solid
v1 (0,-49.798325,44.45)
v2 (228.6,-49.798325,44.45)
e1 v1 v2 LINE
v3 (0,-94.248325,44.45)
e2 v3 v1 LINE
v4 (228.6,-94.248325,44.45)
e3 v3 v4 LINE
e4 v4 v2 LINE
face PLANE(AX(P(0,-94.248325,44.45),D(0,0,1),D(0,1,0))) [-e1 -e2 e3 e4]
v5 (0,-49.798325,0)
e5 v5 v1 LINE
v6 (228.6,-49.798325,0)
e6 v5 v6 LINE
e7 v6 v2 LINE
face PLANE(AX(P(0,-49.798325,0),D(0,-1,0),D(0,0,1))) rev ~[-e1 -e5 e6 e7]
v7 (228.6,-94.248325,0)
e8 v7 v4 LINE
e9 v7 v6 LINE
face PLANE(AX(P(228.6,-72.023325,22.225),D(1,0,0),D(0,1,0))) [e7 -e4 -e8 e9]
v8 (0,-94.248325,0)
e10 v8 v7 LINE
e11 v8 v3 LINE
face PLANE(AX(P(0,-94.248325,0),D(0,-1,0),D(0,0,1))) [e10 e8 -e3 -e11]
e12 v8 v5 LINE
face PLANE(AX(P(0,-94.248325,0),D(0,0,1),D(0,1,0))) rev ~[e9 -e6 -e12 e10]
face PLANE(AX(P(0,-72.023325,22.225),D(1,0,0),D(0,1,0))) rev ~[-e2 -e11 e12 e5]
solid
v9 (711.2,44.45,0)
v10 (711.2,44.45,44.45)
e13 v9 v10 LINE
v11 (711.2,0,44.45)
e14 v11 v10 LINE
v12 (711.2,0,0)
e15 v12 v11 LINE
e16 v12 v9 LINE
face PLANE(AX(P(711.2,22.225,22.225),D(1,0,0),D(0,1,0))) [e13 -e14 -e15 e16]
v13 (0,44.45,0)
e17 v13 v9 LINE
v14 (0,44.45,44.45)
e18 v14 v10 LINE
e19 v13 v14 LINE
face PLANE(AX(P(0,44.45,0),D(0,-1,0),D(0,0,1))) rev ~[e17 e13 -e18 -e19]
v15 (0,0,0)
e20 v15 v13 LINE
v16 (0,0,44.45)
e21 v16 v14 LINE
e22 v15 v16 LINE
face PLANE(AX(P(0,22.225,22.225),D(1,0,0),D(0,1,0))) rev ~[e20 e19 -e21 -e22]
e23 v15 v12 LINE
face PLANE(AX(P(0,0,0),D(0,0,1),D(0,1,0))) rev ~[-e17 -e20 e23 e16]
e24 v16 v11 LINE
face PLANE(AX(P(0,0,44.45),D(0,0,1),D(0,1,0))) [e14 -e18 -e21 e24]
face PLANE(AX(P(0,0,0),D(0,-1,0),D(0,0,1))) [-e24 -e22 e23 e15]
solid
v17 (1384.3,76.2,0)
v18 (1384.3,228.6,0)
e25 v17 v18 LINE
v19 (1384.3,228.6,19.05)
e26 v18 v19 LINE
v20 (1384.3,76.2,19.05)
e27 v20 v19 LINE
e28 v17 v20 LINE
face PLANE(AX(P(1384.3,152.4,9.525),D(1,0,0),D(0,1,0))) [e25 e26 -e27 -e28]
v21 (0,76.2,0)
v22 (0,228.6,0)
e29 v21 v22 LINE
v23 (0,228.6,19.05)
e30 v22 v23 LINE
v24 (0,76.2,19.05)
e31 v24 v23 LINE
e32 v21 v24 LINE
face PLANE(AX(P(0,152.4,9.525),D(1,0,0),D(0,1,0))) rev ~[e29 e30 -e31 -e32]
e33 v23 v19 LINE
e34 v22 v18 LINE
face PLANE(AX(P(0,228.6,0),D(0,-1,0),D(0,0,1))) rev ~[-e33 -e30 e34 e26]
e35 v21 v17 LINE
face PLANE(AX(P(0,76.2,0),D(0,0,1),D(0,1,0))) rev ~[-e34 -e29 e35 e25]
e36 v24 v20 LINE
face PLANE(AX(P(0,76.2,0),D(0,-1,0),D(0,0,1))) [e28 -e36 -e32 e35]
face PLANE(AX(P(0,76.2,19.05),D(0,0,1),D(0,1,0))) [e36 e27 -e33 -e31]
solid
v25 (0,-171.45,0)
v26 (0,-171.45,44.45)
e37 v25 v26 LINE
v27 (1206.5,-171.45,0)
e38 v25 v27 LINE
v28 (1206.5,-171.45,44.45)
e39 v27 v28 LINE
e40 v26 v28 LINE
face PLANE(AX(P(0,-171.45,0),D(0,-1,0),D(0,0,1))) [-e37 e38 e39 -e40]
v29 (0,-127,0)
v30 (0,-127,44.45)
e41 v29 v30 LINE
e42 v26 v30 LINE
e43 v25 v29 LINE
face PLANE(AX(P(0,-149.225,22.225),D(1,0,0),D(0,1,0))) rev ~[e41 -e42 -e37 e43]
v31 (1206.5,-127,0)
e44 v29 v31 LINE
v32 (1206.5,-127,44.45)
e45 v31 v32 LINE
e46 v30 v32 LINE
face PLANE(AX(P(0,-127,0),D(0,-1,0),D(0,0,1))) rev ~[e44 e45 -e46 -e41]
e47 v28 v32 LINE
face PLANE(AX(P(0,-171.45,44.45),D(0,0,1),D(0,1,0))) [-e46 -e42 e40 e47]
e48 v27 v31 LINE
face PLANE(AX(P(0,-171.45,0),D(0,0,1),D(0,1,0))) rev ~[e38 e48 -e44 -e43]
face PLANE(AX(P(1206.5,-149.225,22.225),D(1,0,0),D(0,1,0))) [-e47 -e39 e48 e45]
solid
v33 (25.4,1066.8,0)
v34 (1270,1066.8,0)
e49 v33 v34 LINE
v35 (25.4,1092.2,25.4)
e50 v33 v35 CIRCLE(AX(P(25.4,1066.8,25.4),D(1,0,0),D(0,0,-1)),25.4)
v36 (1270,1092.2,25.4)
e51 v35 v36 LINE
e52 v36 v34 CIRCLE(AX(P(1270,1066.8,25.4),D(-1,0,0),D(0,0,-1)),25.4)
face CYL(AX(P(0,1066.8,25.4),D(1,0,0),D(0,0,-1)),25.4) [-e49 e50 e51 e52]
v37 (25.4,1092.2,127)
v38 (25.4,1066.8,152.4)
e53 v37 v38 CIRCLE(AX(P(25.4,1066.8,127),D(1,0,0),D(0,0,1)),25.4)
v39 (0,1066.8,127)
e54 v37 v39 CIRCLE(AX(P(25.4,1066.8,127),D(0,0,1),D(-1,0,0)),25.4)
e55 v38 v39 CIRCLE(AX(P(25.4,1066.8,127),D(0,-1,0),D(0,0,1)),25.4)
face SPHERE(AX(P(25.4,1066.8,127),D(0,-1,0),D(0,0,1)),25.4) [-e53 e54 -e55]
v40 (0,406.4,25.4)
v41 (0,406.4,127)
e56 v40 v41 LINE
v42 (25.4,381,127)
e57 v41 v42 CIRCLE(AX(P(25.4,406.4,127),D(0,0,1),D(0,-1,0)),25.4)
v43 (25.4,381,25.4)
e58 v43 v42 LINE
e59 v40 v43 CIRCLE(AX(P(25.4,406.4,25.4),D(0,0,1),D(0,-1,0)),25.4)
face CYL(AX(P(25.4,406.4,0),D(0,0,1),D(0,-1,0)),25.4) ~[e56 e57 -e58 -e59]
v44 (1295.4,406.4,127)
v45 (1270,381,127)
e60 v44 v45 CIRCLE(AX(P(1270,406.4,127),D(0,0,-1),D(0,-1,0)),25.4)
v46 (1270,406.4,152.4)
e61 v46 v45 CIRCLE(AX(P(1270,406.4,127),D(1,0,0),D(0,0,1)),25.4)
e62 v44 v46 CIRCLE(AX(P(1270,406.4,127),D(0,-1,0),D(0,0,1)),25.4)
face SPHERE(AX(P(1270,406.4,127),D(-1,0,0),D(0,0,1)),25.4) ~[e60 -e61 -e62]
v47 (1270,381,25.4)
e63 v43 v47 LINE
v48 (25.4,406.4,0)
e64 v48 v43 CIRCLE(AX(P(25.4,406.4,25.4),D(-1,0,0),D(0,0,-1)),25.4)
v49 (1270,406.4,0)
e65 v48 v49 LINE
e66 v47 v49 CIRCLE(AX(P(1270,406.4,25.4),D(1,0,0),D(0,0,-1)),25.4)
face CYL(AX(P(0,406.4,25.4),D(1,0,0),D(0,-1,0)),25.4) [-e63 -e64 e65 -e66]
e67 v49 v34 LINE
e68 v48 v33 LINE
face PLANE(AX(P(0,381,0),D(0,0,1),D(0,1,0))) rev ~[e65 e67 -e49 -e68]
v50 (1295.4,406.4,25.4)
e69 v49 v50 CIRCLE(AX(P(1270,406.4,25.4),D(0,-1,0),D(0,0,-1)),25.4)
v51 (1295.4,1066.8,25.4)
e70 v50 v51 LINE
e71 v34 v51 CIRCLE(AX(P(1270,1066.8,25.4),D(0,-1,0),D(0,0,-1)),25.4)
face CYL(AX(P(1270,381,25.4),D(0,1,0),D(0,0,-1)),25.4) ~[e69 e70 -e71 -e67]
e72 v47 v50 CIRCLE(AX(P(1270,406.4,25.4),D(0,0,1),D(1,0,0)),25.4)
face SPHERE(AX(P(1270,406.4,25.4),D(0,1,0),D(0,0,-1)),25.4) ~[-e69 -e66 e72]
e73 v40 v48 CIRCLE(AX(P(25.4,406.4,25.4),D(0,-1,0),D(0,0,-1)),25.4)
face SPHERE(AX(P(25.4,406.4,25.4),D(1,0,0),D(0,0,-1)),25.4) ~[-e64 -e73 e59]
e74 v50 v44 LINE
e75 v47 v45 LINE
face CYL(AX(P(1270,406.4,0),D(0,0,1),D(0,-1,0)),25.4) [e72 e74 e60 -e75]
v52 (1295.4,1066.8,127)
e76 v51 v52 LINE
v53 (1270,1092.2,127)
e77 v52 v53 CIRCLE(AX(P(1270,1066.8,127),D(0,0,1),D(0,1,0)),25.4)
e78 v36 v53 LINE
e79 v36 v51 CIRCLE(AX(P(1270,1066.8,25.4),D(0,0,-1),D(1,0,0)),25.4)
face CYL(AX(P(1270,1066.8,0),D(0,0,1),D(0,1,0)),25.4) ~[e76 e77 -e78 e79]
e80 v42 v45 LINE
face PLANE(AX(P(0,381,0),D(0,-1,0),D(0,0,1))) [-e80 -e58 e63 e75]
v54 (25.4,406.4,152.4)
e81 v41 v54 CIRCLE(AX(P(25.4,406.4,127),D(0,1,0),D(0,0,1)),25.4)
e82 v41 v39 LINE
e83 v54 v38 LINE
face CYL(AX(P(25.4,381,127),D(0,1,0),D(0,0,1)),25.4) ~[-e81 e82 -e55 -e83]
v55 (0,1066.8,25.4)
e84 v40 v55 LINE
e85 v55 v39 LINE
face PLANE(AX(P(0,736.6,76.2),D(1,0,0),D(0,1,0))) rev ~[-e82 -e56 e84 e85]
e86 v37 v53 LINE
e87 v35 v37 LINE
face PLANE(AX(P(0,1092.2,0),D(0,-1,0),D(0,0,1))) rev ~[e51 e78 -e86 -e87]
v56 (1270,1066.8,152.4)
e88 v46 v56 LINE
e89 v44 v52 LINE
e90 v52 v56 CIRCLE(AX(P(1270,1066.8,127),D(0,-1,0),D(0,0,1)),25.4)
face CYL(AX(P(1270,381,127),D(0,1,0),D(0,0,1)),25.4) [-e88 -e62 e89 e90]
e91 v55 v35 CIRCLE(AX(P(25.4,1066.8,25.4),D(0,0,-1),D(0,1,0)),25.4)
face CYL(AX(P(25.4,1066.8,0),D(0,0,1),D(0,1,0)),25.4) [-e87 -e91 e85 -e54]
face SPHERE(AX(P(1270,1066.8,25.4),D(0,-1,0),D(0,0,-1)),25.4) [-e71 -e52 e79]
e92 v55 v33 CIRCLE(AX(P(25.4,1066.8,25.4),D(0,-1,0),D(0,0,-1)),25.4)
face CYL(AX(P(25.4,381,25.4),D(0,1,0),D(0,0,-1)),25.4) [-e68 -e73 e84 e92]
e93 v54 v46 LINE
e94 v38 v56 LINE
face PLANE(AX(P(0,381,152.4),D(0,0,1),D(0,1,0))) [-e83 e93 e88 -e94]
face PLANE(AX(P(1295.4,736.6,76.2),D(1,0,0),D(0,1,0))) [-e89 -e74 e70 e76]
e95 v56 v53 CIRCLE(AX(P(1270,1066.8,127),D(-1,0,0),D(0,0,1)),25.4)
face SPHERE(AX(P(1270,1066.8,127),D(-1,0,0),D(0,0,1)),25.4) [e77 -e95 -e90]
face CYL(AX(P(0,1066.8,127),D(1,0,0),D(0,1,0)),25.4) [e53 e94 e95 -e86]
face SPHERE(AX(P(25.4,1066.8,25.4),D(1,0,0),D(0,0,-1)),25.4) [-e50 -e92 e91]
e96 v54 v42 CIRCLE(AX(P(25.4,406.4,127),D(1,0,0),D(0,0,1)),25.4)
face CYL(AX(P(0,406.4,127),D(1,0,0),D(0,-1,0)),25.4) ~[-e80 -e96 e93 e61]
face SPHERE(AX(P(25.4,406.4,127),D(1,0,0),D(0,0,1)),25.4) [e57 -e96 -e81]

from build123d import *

# Parameters (mm, degrees)
F0_W      = 44.45
F0_H      = 44.45
F1_DEPTH  = 711.2
F3_W      = 44.45
F3_H      = 44.45
F4_DEPTH  = 228.6
F6_W      = 152.4
F6_H      = 19.05
F7_DEPTH  = 1384.3
F8_W      = 44.45
F8_H      = 44.45
F9_DEPTH  = 1206.5
F10_W     = 711.2
F10_H     = 152.4
F11_DEPTH = 1295.4
F12_R     = 25.4


with BuildPart() as f1:
    # F0 (on Right) → F1 (new body)
    with BuildSketch(Plane.YZ):
        with Locations((22.225, 22.225)):
            Rectangle(F0_W, F0_H)
    extrude(amount=F1_DEPTH)


with BuildPart() as f2_1:
    # F2: copy of F1
    add(f1.part)


with BuildPart() as f4:
    # F3 (on Right) → F4 (new body)
    with BuildSketch(Plane.YZ):
        with Locations((-72.023325, 22.225)):
            Rectangle(F3_W, F3_H)
    extrude(amount=F4_DEPTH)


with BuildPart() as f7:
    # F6 (on Right) → F7 (new body)
    with BuildSketch(Plane.YZ):
        with Locations((152.4, 9.525)):
            Rectangle(F6_W, F6_H)
    extrude(amount=F7_DEPTH)


with BuildPart() as f9:
    # F8 (on Right) → F9 (new body)
    with BuildSketch(Plane.YZ):
        with Locations((-149.225, 22.225)):
            Rectangle(F8_W, F8_H)
    extrude(amount=F9_DEPTH)


with BuildPart() as f11:
    # F10 (on Right) → F11 (new body)
    with BuildSketch(Plane.YZ):
        with Locations((736.6, 76.2)):
            Rectangle(F10_W, F10_H)
    extrude(amount=F11_DEPTH)

    # F12
    f12_edges = [f11.edges().sort_by_distance(p)[0] for p in [
        (647.7, 381, 152.4),
        (0, 736.6, 152.4),
        (647.7, 1092.2, 152.4),
        (1295.4, 736.6, 152.4),
        (1295.4, 736.6, 0),
        (647.7, 381, 0),
        (647.7, 1092.2, 0),
        (0, 736.6, 0),
        (0, 1092.2, 76.2),
        (1295.4, 1092.2, 76.2),
        (0, 381, 76.2),
        (1295.4, 381, 76.2),
    ]]
    fillet(f12_edges, radius=F12_R)


solid = Compound([f1.part, f4.part, f7.part, f9.part, f11.part])
